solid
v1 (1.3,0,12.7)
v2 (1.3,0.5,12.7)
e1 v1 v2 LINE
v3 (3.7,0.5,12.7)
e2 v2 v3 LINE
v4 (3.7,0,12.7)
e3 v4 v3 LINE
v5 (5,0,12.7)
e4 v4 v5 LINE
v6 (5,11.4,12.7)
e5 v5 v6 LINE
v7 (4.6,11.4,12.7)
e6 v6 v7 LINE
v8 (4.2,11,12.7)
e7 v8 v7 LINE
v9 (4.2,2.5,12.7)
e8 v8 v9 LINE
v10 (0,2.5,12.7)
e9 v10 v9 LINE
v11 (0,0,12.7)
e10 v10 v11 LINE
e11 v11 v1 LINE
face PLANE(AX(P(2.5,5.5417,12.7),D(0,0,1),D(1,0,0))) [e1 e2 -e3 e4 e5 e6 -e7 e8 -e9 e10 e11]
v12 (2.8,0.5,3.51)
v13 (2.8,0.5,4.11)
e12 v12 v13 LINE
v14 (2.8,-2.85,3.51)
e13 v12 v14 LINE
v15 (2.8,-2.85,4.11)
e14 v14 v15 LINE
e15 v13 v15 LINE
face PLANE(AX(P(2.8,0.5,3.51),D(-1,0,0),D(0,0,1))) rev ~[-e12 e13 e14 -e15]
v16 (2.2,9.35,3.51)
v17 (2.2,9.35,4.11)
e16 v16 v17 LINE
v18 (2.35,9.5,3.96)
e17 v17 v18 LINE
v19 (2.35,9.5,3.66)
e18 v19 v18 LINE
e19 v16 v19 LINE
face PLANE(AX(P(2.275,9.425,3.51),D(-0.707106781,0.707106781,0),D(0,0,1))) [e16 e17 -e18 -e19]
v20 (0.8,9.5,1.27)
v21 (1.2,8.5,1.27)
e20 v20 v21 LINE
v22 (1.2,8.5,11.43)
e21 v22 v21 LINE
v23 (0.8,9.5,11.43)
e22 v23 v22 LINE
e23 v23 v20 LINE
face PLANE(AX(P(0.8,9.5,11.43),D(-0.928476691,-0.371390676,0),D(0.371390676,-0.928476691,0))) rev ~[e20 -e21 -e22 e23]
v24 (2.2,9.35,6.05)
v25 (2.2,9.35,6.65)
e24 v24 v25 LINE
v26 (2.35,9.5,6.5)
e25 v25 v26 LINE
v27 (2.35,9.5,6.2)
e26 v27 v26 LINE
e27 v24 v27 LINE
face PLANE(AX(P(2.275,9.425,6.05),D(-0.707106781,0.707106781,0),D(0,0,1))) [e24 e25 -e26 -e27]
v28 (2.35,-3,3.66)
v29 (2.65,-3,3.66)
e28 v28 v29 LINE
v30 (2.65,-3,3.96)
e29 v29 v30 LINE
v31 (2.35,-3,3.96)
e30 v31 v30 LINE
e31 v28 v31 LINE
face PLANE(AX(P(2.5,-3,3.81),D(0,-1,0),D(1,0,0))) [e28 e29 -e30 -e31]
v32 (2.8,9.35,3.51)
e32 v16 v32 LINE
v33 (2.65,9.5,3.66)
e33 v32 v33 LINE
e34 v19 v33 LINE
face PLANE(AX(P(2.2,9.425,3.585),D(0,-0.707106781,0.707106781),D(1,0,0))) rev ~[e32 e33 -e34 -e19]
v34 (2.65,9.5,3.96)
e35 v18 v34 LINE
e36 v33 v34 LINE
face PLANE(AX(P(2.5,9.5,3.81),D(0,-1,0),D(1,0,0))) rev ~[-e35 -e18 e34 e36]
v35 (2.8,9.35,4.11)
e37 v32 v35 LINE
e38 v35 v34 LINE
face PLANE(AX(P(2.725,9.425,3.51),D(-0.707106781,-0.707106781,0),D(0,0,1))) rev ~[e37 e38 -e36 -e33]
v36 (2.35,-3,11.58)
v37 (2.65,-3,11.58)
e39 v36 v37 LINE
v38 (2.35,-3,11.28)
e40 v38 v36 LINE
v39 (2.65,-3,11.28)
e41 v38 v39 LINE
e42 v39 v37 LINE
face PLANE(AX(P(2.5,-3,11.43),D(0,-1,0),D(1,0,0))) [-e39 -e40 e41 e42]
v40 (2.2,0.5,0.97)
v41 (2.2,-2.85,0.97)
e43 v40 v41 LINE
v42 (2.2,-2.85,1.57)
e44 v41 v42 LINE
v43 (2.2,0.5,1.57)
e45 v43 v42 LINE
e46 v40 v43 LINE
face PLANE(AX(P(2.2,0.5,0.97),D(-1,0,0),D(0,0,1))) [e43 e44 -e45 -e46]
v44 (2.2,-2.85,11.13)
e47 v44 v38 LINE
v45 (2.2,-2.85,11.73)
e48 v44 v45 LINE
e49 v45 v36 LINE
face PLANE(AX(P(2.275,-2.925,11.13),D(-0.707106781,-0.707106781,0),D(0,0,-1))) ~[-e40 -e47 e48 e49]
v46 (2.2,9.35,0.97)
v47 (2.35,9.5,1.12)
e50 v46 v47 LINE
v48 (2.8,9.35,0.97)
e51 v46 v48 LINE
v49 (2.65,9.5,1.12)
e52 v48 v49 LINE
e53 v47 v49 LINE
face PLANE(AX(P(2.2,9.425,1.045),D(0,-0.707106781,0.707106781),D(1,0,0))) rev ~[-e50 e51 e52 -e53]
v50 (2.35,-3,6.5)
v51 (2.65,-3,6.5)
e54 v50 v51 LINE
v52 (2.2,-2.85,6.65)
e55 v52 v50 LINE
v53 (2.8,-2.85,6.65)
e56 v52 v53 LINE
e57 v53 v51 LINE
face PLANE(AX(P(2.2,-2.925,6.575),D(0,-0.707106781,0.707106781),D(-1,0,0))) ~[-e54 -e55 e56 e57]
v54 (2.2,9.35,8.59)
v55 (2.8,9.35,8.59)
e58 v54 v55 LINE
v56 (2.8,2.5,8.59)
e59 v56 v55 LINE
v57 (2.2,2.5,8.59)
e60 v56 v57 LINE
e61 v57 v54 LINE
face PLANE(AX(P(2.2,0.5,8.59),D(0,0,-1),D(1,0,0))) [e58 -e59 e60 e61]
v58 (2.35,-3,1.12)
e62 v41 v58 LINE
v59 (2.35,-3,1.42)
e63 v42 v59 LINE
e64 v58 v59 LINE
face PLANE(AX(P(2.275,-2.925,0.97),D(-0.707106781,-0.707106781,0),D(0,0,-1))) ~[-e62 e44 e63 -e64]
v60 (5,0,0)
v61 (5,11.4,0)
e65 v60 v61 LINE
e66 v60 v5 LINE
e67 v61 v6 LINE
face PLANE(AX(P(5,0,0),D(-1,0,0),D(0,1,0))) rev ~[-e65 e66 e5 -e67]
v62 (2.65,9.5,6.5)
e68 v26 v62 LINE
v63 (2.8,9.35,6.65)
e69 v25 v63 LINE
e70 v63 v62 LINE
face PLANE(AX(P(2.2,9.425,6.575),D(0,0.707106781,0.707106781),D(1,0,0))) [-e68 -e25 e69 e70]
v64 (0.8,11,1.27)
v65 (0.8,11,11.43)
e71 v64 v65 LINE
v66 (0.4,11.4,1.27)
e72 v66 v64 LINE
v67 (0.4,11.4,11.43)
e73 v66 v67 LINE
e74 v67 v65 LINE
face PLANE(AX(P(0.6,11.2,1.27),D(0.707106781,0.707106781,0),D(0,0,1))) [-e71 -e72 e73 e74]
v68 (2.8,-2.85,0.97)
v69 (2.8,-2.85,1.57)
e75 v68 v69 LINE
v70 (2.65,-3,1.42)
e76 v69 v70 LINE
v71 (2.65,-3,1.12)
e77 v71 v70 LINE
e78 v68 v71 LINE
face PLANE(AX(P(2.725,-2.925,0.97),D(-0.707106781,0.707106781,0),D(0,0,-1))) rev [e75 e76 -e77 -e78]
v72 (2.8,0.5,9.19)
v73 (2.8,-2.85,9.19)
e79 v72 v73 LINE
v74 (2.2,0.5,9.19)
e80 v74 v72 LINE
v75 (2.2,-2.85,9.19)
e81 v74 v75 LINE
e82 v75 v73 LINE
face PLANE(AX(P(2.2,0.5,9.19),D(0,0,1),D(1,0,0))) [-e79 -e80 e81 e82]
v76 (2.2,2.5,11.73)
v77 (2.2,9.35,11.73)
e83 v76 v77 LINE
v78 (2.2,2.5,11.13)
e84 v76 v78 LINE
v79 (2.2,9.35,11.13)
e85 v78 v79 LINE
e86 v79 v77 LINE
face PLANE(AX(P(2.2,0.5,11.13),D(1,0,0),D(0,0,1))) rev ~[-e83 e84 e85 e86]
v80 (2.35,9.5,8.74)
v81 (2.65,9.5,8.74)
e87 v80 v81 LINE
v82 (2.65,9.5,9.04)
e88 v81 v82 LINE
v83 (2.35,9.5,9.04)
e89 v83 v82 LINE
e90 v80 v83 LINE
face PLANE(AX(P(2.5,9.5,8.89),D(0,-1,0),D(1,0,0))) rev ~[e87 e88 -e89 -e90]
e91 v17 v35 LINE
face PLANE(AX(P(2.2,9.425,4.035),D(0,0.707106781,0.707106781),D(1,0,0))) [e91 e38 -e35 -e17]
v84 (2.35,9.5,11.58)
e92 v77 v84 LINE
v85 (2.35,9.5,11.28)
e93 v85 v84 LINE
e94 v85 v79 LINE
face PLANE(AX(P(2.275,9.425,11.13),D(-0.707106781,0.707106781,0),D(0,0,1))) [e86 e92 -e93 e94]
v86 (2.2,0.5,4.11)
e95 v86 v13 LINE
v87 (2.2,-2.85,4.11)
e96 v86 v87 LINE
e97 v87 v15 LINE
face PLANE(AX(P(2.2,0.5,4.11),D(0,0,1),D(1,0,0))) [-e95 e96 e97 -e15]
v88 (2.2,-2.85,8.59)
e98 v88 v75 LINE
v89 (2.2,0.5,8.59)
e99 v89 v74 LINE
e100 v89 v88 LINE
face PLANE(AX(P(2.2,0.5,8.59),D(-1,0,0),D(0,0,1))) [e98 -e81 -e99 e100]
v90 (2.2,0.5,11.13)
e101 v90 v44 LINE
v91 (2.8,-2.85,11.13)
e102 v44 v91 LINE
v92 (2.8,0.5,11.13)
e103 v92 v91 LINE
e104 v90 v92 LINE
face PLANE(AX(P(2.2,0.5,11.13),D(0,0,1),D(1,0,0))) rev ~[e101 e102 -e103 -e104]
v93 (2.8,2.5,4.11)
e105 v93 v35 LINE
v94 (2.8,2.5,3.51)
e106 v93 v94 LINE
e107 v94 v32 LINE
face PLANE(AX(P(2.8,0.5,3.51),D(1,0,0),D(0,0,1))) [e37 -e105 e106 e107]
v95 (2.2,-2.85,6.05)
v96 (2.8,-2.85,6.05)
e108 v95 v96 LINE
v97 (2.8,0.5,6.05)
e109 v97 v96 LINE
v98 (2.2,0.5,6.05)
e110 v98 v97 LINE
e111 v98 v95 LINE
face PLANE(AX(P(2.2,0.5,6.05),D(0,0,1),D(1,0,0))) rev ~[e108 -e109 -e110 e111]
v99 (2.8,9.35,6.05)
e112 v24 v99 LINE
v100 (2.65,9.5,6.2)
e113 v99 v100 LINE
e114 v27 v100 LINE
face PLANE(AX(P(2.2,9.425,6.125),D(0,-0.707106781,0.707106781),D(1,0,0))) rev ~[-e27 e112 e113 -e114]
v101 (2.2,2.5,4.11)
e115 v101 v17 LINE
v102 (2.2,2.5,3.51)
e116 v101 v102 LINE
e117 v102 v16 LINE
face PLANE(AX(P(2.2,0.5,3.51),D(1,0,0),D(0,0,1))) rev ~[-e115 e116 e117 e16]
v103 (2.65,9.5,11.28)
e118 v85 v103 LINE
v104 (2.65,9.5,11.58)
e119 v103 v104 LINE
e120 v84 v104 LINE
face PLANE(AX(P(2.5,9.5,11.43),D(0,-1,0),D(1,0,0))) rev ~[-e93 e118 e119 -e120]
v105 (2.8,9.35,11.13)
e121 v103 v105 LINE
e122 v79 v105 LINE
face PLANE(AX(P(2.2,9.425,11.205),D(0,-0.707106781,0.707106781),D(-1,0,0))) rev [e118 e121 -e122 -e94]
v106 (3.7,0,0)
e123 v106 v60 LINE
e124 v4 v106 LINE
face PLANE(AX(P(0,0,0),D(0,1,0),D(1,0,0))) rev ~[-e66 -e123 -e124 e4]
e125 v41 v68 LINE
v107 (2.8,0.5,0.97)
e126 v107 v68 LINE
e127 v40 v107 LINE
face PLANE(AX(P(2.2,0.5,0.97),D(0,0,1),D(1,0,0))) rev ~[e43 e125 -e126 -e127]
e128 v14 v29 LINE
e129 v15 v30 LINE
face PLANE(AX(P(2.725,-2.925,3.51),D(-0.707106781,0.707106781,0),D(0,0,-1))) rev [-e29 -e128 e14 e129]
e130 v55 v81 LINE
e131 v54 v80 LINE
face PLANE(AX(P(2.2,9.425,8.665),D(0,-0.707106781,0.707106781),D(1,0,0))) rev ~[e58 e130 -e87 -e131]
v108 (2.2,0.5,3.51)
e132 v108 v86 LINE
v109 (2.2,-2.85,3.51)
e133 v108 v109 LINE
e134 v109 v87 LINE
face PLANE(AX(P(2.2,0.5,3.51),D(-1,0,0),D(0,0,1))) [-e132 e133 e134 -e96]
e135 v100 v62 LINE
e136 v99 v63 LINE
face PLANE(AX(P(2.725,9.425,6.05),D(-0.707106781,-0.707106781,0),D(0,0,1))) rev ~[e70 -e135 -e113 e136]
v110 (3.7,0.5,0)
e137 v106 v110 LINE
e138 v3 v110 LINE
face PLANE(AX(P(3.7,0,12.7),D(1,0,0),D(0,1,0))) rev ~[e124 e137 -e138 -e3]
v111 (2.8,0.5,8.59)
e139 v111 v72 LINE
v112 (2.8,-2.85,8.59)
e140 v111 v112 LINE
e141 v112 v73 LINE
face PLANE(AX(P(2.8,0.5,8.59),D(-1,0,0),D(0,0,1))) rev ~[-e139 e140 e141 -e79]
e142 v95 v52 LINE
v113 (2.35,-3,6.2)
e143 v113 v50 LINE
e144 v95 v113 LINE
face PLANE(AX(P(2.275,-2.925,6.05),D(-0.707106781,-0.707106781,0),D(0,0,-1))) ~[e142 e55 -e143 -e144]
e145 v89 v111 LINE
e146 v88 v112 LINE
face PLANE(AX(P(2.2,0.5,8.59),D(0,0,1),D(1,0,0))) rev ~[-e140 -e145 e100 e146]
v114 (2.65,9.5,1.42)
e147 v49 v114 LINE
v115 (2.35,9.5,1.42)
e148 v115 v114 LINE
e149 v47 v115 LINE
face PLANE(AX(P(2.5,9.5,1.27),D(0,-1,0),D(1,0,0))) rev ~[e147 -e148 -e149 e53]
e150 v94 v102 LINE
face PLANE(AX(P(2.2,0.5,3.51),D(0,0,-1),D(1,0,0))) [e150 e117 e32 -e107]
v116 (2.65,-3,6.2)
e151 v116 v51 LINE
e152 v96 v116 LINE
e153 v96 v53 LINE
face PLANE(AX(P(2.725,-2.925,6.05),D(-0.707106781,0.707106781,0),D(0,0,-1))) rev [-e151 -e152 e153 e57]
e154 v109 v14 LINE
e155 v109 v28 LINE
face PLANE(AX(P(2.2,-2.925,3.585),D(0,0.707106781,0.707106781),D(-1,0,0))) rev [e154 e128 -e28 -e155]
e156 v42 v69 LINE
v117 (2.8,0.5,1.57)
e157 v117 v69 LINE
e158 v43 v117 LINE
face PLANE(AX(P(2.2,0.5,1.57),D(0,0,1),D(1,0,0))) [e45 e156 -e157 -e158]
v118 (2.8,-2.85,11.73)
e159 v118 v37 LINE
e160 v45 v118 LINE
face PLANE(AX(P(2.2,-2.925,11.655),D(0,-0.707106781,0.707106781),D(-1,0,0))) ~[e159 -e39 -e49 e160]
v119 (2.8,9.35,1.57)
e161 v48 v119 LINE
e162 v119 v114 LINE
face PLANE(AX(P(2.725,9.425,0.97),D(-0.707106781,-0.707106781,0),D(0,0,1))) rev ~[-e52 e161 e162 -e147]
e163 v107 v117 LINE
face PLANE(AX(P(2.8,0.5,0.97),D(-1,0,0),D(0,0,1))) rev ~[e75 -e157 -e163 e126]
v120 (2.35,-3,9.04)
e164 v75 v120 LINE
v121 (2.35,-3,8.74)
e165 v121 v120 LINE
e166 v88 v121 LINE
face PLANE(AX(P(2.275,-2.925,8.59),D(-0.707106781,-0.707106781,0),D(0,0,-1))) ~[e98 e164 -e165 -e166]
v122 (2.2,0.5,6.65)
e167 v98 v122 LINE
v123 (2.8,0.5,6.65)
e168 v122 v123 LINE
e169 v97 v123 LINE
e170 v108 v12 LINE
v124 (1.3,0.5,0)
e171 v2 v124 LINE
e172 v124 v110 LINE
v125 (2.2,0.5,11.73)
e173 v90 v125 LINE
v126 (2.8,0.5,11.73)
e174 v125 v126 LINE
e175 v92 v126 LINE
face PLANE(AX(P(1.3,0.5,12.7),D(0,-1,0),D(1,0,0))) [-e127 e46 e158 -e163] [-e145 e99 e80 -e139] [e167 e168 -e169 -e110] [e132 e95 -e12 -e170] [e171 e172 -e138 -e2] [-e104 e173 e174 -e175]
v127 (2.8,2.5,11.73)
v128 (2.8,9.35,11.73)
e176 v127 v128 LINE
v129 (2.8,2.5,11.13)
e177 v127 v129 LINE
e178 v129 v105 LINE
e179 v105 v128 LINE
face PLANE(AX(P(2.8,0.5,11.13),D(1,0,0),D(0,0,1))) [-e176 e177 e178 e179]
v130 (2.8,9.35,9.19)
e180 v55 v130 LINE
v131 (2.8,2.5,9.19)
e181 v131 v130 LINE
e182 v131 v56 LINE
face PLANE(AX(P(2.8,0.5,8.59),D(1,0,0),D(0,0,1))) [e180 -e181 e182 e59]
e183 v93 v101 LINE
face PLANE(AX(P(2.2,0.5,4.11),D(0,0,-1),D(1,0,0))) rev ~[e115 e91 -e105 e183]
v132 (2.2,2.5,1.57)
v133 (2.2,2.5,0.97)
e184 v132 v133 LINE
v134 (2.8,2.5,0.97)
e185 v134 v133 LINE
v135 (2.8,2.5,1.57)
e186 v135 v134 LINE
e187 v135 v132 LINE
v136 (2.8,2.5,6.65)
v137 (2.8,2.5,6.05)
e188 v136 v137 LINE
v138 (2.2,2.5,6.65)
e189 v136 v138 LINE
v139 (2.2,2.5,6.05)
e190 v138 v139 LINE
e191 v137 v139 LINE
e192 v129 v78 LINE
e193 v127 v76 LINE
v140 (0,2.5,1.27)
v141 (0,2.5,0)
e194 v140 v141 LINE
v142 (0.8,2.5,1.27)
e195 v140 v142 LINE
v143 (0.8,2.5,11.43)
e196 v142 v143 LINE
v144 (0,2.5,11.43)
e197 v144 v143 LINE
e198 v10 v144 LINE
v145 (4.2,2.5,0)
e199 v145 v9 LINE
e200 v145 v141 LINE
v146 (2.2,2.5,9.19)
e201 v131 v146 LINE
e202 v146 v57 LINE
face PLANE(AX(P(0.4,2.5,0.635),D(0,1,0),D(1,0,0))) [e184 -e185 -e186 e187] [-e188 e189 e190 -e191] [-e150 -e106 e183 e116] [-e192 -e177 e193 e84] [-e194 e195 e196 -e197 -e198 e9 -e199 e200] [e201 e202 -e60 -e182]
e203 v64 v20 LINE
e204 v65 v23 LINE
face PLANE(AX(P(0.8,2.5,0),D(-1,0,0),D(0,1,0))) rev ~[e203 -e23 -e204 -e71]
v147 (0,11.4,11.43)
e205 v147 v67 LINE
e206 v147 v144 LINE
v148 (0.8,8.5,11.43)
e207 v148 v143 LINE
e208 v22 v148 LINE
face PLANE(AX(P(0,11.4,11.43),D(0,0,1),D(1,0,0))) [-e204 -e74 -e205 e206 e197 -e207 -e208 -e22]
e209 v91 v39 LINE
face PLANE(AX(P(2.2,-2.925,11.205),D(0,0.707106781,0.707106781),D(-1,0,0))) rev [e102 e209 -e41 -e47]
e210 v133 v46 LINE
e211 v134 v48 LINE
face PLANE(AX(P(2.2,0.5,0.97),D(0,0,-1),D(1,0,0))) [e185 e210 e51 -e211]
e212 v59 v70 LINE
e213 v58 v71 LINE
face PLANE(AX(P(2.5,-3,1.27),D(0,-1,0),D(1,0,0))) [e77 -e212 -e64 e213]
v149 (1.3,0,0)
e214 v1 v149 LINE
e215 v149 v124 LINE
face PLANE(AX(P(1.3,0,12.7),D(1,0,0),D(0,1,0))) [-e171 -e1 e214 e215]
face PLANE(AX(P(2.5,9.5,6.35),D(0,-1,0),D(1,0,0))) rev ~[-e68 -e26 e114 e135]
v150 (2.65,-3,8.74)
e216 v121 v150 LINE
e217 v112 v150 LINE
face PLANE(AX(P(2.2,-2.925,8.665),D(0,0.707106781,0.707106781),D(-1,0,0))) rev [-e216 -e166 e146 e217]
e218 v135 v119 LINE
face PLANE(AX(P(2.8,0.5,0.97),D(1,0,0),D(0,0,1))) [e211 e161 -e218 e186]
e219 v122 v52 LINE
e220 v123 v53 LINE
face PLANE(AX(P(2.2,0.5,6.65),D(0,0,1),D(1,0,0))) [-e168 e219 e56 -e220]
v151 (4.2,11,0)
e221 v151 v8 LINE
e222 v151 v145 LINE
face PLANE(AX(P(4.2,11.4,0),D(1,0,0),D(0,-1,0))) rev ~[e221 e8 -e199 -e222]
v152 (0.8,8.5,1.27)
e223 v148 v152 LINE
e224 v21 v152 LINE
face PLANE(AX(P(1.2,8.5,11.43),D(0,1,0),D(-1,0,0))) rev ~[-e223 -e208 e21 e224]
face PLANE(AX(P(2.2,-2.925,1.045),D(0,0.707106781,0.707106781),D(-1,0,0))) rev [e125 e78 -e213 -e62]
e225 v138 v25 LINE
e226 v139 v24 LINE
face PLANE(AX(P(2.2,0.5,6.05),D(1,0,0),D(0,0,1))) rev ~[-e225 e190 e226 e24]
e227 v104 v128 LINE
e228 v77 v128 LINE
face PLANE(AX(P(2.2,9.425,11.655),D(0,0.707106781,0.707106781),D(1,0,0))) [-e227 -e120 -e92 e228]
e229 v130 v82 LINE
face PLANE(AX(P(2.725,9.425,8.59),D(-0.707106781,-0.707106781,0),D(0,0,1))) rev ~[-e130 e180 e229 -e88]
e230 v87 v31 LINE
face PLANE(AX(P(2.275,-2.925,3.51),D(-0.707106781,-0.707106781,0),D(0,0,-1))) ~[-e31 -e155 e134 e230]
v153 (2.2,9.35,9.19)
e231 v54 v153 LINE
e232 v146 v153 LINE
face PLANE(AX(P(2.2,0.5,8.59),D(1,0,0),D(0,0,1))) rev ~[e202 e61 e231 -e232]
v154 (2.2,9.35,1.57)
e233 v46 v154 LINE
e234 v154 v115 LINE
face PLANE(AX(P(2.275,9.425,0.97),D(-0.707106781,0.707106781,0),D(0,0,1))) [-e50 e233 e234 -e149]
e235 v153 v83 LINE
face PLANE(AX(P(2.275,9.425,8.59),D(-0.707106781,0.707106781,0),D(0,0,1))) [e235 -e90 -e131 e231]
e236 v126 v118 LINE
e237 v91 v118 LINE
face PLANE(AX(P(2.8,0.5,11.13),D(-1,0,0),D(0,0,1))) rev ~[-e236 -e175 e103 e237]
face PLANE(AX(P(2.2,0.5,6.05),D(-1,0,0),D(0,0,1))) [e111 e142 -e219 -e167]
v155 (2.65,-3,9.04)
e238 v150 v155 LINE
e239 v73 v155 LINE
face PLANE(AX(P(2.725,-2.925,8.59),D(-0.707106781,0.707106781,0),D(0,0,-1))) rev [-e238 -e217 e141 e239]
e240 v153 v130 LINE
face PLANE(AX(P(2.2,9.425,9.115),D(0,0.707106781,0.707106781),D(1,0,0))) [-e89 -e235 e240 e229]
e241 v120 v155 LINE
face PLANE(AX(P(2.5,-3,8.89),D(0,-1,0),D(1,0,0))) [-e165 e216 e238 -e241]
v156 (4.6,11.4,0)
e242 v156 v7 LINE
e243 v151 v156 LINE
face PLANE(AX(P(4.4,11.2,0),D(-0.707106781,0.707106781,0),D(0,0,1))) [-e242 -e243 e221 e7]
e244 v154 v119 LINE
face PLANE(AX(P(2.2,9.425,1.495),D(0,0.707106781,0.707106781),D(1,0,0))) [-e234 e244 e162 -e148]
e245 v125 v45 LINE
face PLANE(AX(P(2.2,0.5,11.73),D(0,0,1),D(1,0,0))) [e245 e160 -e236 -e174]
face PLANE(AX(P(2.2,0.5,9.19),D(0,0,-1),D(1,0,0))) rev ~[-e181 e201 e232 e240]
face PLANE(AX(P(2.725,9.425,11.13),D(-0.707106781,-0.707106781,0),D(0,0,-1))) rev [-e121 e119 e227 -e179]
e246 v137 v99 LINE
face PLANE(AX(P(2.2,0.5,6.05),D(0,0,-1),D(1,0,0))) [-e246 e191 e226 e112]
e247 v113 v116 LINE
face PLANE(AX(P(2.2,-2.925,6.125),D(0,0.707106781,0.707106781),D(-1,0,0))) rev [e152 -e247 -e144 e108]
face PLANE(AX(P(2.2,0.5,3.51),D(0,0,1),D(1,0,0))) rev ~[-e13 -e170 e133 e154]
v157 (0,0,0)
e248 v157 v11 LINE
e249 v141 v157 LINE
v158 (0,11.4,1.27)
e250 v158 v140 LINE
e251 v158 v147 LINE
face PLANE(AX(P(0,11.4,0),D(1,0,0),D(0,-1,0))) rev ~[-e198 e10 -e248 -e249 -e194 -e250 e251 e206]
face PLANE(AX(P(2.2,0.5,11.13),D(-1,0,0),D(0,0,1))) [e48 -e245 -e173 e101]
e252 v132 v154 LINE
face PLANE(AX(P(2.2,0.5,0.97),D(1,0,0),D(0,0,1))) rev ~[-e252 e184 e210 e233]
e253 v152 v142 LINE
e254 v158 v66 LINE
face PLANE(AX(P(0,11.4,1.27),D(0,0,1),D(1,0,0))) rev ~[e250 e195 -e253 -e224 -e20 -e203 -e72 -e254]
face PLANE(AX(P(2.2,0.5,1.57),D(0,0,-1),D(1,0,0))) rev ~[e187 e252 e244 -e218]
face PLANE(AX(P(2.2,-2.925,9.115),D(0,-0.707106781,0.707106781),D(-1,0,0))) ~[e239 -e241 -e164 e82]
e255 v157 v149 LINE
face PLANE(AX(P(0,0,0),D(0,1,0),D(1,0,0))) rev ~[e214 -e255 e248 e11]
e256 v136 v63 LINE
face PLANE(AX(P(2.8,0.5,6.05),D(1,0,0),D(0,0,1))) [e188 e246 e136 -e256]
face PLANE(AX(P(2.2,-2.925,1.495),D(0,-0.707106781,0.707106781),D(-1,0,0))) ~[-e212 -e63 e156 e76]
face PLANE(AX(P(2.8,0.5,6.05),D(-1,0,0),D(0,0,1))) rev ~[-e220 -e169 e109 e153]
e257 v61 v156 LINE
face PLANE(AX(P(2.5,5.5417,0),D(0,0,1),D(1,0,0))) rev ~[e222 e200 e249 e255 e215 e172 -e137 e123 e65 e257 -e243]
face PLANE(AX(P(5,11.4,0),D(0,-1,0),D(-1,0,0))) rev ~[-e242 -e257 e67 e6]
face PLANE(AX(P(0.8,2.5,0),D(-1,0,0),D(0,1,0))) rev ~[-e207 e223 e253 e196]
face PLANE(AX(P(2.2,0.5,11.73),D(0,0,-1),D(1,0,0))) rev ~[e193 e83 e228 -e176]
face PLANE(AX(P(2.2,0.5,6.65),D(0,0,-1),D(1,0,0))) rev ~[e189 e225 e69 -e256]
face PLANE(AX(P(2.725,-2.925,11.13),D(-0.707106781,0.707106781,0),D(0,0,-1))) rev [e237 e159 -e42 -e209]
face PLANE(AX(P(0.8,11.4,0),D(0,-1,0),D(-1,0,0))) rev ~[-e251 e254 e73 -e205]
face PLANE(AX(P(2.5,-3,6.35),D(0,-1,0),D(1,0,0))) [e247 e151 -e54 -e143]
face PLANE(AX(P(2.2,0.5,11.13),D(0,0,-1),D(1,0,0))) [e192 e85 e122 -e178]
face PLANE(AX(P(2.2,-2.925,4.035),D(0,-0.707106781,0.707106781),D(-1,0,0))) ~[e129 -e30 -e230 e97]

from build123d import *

# Parameters (mm, degrees)
BOSS_EXTRU_1_DEPTH      = 12.7
ESQUISSE3_W             = 0.8
ESQUISSE3_H             = 1.27
ENL_V_MAT_EXTRU_1_DEPTH = 8.9
ESQUISSE4_W             = 2.4
ESQUISSE4_H             = 0.5
ENL_V_MAT_EXTRU_2_DEPTH = 13.7
ESQUISSE2_W             = 0.6
ESQUISSE2_H             = 0.6
BOSS_EXTRU_2_DEPTH      = 3.5
BOSS_EXTRU_2_DEPTH_BACK = 9
BOSS_EXTRU_3_DEPTH      = 10.16
CHANFREIN4_SIZE         = 0.15
CHANFREIN5_SIZE         = 0.4


with BuildPart() as part:
    # Esquisse1 → Boss.-Extru.1 (new body)
    with BuildSketch(Plane.XY):
        Polygon((0, 11.4), (0, 0), (5, 0), (5, 11.4), (4.2, 11.4), (4.2, 2.5), (0.8, 2.5), (0.8, 11.4), align=None)
    extrude(amount=BOSS_EXTRU_1_DEPTH)

    # Esquisse3 → Enlèv. mat.-Extru.1 (cut)
    with BuildSketch(Plane(origin=(0, 11.4, 0), x_dir=(1, 0, 0), z_dir=(0, 1, 0))):
        with Locations((0.4, -0.635)):
            Rectangle(ESQUISSE3_W, ESQUISSE3_H)
        with Locations((0.4, -12.065)):
            Rectangle(ESQUISSE3_W, ESQUISSE3_H)
    extrude(amount=-ENL_V_MAT_EXTRU_1_DEPTH, mode=Mode.SUBTRACT)

    # Esquisse4 → Enlèv. mat.-Extru.2 (cut, through all)
    with BuildSketch(Plane.XY.offset(12.7)):
        with Locations((2.5, 0.25)):
            Rectangle(ESQUISSE4_W, ESQUISSE4_H)
    extrude(amount=-ENL_V_MAT_EXTRU_2_DEPTH, mode=Mode.SUBTRACT)

    # Esquisse2 → Boss.-Extru.2 (add, two sides)
    with BuildSketch(Plane.XZ.offset(-0.5)) as boss_extru_2_sk:
        with Locations((2.5, 11.43)):
            Rectangle(ESQUISSE2_W, ESQUISSE2_H)
        with Locations((2.5, 1.27)):
            Rectangle(ESQUISSE2_W, ESQUISSE2_H)
        with Locations((2.5, 8.89)):
            Rectangle(ESQUISSE2_W, ESQUISSE2_H)
        with Locations((2.5, 6.35)):
            Rectangle(ESQUISSE2_W, ESQUISSE2_H)
        with Locations((2.5, 3.81)):
            Rectangle(ESQUISSE2_W, ESQUISSE2_H)
    extrude(amount=BOSS_EXTRU_2_DEPTH)
    extrude(boss_extru_2_sk.sketch, amount=-BOSS_EXTRU_2_DEPTH_BACK)

    # Esquisse5 → Boss.-Extru.3 (add)
    with BuildSketch(Plane.XY.offset(11.43)):
        Polygon((0.8, 9.5), (1.2, 8.5), (0.8, 8.5), align=None)
    extrude(amount=-BOSS_EXTRU_3_DEPTH)

    # Chanfrein4
    chanfrein4_edges = [part.edges().sort_by_distance(p)[0] for p in [
        (2.8, 9.5, 8.89),
        (2.5, 9.5, 8.59),
        (2.2, 9.5, 8.89),
        (2.5, 9.5, 9.19),
        (2.8, -3, 8.89),
        (2.5, -3, 9.19),
        (2.2, -3, 8.89),
        (2.5, -3, 8.59),
        (2.8, 9.5, 6.35),
        (2.5, 9.5, 6.05),
        (2.2, 9.5, 6.35),
        (2.5, 9.5, 6.65),
        (2.8, -3, 6.35),
        (2.5, -3, 6.65),
        (2.2, -3, 6.35),
        (2.5, -3, 6.05),
        (2.8, 9.5, 3.81),
        (2.5, 9.5, 3.51),
        (2.2, 9.5, 3.81),
        (2.5, 9.5, 4.11),
        (2.8, -3, 3.81),
        (2.5, -3, 4.11),
        (2.2, -3, 3.81),
        (2.5, -3, 3.51),
        (2.8, 9.5, 11.43),
        (2.5, 9.5, 11.13),
        (2.2, 9.5, 11.43),
        (2.5, 9.5, 11.73),
        (2.8, -3, 11.43),
        (2.5, -3, 11.73),
        (2.2, -3, 11.43),
        (2.5, -3, 11.13),
        (2.8, 9.5, 1.27),
        (2.5, 9.5, 0.97),
        (2.2, 9.5, 1.27),
        (2.5, 9.5, 1.57),
        (2.8, -3, 1.27),
        (2.5, -3, 1.57),
        (2.2, -3, 1.27),
        (2.5, -3, 0.97),
    ]]
    chamfer(chanfrein4_edges, length=CHANFREIN4_SIZE)

    # Chanfrein5
    chanfrein5_edges = [part.edges().sort_by_distance(p)[0] for p in [
        (4.2, 11.4, 6.35),
        (0.8, 11.4, 6.35),
    ]]
    chamfer(chanfrein5_edges, length=CHANFREIN5_SIZE)


solid = part.part
